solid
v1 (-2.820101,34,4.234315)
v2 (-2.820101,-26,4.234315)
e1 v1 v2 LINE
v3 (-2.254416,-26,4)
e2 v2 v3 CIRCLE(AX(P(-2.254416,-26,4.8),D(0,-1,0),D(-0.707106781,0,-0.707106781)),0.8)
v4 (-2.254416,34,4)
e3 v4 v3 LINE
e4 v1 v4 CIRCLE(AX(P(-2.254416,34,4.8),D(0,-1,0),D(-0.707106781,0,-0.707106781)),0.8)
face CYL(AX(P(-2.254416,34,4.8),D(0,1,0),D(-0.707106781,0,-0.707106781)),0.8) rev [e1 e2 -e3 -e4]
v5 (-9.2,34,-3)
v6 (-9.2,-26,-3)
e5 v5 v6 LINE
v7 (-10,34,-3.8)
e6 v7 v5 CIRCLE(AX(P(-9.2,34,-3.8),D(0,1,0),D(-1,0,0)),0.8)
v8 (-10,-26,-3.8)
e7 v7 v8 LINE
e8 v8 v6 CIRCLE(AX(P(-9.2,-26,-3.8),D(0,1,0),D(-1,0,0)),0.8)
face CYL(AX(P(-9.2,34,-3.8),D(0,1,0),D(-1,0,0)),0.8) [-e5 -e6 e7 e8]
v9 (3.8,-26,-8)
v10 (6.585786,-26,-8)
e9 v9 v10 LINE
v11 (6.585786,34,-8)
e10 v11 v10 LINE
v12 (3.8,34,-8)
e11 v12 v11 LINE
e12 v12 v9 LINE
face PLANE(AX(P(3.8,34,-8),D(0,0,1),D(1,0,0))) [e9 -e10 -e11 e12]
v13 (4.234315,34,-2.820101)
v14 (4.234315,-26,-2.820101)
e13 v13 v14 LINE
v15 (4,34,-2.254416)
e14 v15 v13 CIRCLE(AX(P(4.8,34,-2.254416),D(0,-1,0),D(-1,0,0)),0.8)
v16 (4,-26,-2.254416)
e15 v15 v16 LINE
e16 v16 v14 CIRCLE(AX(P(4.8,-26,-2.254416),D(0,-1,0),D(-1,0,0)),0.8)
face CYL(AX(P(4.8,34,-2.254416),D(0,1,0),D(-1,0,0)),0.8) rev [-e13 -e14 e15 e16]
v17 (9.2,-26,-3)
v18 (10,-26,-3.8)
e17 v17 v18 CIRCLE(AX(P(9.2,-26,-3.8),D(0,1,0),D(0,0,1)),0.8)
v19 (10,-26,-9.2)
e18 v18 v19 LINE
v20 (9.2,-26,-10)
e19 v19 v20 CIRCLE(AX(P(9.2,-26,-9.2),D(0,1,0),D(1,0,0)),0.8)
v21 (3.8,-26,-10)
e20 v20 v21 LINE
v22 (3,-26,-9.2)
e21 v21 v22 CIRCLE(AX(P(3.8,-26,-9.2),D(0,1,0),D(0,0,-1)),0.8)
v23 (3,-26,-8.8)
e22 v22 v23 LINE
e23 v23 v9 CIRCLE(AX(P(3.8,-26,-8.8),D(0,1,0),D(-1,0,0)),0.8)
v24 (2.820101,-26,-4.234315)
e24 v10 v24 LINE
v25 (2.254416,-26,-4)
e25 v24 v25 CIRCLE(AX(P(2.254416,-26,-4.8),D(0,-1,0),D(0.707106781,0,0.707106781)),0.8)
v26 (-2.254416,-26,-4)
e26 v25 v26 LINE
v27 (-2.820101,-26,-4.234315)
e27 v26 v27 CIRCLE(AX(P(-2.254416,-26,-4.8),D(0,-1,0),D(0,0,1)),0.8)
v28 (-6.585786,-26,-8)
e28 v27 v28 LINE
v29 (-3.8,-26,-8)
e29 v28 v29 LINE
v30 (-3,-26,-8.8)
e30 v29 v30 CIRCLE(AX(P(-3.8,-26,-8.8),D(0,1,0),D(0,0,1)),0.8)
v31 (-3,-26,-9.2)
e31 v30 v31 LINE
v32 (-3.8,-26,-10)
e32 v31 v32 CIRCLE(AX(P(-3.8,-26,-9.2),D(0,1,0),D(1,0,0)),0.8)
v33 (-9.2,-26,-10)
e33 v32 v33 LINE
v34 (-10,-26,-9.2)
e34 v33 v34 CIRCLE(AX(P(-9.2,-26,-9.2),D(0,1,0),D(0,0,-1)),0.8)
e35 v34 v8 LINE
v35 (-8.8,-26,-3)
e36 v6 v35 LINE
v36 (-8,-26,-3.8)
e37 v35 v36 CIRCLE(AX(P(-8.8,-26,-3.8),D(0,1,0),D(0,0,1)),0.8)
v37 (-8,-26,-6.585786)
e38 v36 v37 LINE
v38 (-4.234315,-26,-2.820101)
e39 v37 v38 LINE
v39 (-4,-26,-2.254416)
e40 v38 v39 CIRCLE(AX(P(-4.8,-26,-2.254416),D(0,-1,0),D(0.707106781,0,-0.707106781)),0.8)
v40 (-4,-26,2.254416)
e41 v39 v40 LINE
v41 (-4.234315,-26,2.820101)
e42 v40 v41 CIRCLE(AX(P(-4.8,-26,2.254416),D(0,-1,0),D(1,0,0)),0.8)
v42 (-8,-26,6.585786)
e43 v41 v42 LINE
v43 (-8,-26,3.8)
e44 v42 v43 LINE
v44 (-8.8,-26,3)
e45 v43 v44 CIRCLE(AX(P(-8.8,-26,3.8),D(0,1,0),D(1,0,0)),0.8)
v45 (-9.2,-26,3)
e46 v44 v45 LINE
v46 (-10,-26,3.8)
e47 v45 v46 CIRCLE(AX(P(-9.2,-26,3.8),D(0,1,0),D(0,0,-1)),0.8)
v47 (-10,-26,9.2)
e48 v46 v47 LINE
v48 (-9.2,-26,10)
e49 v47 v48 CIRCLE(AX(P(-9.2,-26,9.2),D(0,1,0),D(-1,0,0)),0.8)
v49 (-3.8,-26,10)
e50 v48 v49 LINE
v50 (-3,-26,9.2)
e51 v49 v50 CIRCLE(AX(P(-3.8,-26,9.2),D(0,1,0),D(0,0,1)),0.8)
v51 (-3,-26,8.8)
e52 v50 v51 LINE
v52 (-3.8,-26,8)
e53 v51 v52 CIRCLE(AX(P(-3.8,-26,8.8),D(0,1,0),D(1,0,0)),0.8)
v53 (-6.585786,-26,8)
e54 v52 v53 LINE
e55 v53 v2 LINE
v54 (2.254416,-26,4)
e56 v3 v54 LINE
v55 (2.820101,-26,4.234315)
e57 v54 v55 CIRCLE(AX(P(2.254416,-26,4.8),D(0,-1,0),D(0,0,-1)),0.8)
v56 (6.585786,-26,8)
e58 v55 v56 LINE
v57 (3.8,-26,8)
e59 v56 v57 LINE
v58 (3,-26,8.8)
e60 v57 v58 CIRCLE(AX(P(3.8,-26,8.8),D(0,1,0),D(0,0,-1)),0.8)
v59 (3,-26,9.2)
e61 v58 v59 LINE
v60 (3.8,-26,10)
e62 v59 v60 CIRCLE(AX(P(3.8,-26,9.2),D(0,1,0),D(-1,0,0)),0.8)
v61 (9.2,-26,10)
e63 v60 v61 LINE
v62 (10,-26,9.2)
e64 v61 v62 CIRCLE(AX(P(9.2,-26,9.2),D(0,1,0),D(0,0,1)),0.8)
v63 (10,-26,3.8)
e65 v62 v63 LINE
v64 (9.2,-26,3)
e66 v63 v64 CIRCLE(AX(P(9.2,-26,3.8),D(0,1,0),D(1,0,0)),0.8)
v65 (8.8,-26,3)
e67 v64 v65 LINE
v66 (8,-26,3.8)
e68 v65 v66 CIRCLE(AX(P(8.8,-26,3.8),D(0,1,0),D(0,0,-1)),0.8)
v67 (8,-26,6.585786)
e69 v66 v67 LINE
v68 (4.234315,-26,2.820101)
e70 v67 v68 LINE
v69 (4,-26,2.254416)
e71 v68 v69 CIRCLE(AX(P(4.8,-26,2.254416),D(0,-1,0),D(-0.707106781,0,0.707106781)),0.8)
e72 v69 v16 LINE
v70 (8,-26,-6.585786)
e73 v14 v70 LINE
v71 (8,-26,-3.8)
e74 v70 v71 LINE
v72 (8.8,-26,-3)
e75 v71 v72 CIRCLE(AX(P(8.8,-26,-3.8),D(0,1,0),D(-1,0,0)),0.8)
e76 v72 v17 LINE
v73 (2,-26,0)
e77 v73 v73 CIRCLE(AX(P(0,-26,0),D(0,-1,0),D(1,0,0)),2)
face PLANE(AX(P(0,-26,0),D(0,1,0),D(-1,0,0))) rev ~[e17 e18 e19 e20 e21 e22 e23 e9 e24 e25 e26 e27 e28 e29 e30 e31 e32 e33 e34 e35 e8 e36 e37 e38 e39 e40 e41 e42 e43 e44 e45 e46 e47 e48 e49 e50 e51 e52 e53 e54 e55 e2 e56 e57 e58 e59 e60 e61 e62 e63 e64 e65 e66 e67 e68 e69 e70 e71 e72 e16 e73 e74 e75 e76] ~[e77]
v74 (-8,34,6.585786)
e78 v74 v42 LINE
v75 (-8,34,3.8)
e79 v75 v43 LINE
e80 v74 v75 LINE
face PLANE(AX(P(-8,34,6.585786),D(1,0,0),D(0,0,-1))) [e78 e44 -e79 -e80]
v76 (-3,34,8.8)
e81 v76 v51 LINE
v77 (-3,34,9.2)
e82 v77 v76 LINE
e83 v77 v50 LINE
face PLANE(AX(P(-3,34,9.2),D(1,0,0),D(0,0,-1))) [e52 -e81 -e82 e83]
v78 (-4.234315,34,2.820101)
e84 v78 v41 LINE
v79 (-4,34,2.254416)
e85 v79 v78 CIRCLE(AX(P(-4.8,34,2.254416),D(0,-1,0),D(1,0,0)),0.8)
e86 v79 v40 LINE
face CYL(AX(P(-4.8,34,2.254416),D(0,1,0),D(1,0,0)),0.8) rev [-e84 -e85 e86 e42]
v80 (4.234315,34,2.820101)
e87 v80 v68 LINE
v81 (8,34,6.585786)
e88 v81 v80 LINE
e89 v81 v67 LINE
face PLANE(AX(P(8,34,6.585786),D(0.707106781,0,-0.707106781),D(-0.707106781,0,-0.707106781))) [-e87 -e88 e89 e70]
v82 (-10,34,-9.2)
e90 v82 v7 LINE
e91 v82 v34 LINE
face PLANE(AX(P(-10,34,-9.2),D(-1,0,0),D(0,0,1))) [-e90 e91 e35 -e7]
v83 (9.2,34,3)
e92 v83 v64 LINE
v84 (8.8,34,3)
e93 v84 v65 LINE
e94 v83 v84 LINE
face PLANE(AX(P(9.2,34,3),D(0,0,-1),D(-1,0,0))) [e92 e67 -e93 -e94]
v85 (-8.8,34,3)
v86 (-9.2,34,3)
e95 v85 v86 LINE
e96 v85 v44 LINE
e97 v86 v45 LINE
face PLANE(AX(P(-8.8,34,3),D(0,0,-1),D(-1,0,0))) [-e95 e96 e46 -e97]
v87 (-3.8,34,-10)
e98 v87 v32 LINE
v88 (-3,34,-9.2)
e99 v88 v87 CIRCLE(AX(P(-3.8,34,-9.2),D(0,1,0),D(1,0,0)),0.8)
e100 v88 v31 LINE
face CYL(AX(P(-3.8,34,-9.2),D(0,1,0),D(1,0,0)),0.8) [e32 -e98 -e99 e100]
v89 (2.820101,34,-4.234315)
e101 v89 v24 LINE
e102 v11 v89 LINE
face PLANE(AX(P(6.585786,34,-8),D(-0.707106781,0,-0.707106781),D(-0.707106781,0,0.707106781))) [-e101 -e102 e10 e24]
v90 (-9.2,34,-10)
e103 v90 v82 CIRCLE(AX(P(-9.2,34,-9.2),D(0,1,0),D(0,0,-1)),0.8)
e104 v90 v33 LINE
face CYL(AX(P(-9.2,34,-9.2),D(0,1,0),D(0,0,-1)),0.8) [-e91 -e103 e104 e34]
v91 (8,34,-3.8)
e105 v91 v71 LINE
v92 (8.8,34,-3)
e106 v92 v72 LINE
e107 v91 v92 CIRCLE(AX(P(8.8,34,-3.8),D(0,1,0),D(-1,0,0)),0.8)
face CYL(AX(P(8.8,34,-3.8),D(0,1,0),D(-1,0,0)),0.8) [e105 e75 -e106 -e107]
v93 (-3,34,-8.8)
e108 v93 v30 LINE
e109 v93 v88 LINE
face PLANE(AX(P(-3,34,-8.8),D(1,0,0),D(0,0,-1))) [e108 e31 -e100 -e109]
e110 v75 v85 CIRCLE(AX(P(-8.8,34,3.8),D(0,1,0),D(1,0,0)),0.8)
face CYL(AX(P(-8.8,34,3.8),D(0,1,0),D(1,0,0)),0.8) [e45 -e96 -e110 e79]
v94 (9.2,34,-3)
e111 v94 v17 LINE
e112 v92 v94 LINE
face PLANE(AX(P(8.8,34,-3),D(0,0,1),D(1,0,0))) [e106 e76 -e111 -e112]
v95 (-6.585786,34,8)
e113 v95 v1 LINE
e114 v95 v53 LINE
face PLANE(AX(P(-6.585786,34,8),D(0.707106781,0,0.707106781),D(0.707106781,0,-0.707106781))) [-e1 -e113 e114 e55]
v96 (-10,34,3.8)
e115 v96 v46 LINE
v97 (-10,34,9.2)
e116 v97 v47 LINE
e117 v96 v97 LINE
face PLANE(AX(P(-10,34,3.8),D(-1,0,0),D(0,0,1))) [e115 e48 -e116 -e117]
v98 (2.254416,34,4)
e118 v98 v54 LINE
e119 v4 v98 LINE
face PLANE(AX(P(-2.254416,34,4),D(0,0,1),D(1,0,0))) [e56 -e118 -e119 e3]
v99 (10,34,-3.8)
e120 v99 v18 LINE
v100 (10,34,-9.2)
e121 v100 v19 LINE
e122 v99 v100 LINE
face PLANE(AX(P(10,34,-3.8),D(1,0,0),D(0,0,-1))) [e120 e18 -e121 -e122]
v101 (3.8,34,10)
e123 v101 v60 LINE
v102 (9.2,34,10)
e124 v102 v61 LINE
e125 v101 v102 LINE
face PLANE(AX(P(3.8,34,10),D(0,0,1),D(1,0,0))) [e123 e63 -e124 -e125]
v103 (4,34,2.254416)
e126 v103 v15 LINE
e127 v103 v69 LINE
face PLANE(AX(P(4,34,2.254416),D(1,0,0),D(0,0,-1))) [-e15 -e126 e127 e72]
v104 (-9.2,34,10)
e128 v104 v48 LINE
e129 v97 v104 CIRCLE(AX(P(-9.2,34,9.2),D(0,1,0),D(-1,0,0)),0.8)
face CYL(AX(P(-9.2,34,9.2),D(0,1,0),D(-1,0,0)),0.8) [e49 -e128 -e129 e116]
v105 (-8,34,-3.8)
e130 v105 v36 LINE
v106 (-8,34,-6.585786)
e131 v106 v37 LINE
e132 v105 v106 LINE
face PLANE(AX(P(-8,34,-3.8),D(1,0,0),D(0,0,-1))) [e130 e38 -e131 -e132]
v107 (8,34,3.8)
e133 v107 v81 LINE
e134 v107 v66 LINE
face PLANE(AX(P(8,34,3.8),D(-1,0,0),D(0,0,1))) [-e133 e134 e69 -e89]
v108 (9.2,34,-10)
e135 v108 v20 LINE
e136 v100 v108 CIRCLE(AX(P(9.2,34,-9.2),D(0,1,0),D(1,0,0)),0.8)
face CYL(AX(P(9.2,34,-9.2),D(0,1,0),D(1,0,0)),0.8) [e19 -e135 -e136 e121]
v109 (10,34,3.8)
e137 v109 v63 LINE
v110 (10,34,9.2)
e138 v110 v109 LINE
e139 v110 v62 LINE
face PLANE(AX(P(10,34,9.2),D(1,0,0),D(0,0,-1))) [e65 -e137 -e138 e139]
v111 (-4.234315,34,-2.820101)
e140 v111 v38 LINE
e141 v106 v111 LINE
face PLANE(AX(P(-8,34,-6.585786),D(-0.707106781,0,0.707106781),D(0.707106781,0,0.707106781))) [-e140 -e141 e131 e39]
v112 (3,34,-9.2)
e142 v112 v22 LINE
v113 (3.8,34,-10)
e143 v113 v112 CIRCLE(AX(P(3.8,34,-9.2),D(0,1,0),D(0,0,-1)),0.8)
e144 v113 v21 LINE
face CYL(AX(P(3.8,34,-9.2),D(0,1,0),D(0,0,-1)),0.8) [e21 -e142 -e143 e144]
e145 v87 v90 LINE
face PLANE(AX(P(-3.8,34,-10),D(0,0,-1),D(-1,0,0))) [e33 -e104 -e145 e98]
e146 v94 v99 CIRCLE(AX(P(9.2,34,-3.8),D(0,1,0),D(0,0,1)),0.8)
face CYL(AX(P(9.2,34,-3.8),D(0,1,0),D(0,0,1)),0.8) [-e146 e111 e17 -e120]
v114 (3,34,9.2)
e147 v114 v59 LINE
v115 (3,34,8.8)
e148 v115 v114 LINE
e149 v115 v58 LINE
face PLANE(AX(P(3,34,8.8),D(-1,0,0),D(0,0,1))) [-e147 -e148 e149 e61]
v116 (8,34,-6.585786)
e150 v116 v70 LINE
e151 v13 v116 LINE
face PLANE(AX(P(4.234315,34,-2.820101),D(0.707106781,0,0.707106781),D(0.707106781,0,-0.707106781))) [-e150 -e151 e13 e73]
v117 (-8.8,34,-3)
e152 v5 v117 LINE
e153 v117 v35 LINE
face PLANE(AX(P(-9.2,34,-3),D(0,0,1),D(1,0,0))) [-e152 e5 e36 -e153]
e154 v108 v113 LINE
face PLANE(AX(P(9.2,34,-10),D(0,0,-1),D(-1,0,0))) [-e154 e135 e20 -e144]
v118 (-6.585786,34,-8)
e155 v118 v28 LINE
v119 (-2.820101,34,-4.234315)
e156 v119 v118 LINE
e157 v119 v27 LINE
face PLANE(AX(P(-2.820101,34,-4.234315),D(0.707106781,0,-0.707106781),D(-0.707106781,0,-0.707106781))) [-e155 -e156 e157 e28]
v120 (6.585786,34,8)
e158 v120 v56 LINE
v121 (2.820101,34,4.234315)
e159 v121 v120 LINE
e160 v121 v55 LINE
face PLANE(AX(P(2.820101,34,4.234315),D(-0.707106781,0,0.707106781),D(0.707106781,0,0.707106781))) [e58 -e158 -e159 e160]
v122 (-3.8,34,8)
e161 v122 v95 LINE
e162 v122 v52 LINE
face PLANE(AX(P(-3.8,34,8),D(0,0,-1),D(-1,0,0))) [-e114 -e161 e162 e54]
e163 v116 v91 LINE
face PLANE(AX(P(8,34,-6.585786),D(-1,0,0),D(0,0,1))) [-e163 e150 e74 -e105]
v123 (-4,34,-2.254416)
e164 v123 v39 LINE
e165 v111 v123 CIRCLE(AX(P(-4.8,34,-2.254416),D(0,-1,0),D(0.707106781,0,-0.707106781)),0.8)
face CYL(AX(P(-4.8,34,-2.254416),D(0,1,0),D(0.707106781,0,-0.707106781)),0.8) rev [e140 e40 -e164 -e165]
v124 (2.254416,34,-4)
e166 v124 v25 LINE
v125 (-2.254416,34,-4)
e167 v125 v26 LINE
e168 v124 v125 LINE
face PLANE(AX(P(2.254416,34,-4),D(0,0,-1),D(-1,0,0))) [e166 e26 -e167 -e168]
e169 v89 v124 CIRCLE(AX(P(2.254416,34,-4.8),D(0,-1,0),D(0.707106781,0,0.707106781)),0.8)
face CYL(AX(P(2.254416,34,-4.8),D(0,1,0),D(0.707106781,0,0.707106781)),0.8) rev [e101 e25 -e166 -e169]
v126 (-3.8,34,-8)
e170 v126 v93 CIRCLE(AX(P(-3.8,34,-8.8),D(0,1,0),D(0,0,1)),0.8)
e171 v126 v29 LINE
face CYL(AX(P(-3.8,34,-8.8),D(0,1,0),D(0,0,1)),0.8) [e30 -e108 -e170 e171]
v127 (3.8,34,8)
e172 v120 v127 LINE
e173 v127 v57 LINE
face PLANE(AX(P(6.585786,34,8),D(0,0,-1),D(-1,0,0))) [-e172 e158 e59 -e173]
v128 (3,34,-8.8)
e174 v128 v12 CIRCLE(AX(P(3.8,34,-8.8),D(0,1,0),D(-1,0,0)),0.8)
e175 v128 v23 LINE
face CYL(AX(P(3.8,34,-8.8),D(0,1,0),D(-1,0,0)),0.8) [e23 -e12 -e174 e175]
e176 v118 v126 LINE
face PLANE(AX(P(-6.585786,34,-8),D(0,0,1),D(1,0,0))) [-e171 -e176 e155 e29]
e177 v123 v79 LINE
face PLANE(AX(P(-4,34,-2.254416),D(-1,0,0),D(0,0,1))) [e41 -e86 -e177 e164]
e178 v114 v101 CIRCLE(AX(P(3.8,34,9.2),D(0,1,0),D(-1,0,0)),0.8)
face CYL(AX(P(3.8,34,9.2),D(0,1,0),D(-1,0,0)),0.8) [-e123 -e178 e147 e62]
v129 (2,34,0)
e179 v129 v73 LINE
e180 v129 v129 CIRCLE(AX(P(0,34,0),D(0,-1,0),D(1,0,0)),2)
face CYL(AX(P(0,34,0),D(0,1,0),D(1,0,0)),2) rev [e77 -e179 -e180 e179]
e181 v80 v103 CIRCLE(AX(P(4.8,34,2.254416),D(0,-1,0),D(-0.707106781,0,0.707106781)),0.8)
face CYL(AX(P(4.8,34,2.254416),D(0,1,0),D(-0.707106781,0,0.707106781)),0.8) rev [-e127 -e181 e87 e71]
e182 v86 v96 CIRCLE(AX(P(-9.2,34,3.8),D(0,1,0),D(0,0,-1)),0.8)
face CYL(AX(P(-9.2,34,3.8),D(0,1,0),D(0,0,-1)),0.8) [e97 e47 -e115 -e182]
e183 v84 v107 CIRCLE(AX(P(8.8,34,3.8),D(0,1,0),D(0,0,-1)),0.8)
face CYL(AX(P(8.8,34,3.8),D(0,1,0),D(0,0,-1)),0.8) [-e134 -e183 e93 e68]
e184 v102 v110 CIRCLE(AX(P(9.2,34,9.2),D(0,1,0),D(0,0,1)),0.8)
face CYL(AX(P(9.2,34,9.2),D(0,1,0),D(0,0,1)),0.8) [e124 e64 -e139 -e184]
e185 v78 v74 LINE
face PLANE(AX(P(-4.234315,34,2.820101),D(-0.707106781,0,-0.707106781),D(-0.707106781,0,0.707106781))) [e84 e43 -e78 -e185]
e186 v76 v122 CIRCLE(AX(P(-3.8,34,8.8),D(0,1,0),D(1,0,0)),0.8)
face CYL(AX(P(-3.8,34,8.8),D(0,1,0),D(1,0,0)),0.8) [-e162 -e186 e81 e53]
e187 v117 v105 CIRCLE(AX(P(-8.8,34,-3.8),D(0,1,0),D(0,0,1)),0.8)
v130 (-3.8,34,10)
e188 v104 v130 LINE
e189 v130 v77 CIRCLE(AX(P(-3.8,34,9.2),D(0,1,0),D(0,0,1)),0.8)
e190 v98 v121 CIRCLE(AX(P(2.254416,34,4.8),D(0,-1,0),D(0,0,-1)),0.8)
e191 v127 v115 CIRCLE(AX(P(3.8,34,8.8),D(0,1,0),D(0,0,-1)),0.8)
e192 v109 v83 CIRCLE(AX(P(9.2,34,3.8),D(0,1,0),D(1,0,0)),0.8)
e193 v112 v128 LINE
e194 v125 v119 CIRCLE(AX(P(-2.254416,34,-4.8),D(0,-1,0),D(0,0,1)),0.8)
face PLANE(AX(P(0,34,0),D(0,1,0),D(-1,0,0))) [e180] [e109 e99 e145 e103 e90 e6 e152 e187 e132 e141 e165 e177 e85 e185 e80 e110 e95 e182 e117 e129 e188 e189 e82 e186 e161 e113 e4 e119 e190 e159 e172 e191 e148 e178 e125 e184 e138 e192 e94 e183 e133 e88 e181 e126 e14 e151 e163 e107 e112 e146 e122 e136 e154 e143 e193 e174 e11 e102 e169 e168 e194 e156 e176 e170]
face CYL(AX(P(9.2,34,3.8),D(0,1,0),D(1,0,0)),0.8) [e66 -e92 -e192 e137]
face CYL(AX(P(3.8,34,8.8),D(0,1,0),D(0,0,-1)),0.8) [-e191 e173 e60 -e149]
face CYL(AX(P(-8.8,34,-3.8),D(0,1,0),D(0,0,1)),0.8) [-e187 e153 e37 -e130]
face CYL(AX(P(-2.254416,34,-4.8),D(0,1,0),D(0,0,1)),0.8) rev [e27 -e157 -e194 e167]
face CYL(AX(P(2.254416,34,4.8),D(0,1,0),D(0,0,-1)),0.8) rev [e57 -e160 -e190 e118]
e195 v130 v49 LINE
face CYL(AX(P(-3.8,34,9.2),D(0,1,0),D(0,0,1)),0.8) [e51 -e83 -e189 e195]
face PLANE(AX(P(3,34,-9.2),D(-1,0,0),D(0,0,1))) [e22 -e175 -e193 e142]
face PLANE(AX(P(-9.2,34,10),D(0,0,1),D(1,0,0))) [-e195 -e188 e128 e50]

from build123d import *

# Parameters (mm, degrees)
SKETCH1_R           = 2
PROFILE_4X4_1_DEPTH = 60


with BuildPart() as part:
    # Sketch1 → Profile 4X4(1) (new body)
    with BuildSketch(Plane.XZ.offset(-34)):
        with BuildLine():
            Line((-3, 9.2), (-3, 8.8))
            ThreePointArc((-3, 8.8), (-3.234314575, 8.234314575), (-3.8, 8))
            Line((-3.8, 8), (-6.585786438, 8))
            Line((-6.585786438, 8), (-2.820101013, 4.234314575))
            ThreePointArc((-2.820101013, 4.234314575), (-2.560562334, 4.060896374), (-2.254415588, 4))
            Line((-2.254415588, 4), (2.254415588, 4))
            ThreePointArc((2.254415588, 4), (2.560562334, 4.060896374), (2.820101013, 4.234314575))
            Line((2.820101013, 4.234314575), (6.585786438, 8))
            Line((6.585786438, 8), (3.8, 8))
            ThreePointArc((3.8, 8), (3.234314575, 8.234314575), (3, 8.8))
            Line((3, 8.8), (3, 9.2))
            ThreePointArc((3, 9.2), (3.234314575, 9.765685425), (3.8, 10))
            Line((3.8, 10), (9.2, 10))
            ThreePointArc((9.2, 10), (9.765685425, 9.765685425), (10, 9.2))
            Line((10, 9.2), (10, 3.8))
            ThreePointArc((10, 3.8), (9.765685425, 3.234314575), (9.2, 3))
            Line((9.2, 3), (8.8, 3))
            ThreePointArc((8.8, 3), (8.234314575, 3.234314575), (8, 3.8))
            Line((8, 3.8), (8, 6.585786438))
            Line((8, 6.585786438), (4.234314575, 2.820101013))
            ThreePointArc((4.234314575, 2.820101013), (4.060896374, 2.560562334), (4, 2.254415588))
            Line((4, 2.254415588), (4, -2.254415588))
            ThreePointArc((4, -2.254415588), (4.060896374, -2.560562334), (4.234314575, -2.820101013))
            Line((4.234314575, -2.820101013), (8, -6.585786438))
            Line((8, -6.585786438), (8, -3.8))
            ThreePointArc((8, -3.8), (8.234314575, -3.234314575), (8.8, -3))
            Line((8.8, -3), (9.2, -3))
            ThreePointArc((9.2, -3), (9.765685425, -3.234314575), (10, -3.8))
            Line((10, -3.8), (10, -9.2))
            ThreePointArc((10, -9.2), (9.765685425, -9.765685425), (9.2, -10))
            Line((9.2, -10), (3.8, -10))
            ThreePointArc((3.8, -10), (3.234314575, -9.765685425), (3, -9.2))
            Line((3, -9.2), (3, -8.8))
            ThreePointArc((3, -8.8), (3.234314575, -8.234314575), (3.8, -8))
            Line((3.8, -8), (6.585786438, -8))
            Line((6.585786438, -8), (2.820101013, -4.234314575))
            ThreePointArc((2.820101013, -4.234314575), (2.560562334, -4.060896374), (2.254415588, -4))
            Line((2.254415588, -4), (-2.254415588, -4))
            ThreePointArc((-2.254415588, -4), (-2.560562334, -4.060896374), (-2.820101013, -4.234314575))
            Line((-2.820101013, -4.234314575), (-6.585786438, -8))
            Line((-6.585786438, -8), (-3.8, -8))
            ThreePointArc((-3.8, -8), (-3.234314575, -8.234314575), (-3, -8.8))
            Line((-3, -8.8), (-3, -9.2))
            ThreePointArc((-3, -9.2), (-3.234314575, -9.765685425), (-3.8, -10))
            Line((-3.8, -10), (-9.2, -10))
            ThreePointArc((-9.2, -10), (-9.765685425, -9.765685425), (-10, -9.2))
            Line((-10, -9.2), (-10, -3.8))
            ThreePointArc((-10, -3.8), (-9.765685425, -3.234314575), (-9.2, -3))
            Line((-9.2, -3), (-8.8, -3))
            ThreePointArc((-8.8, -3), (-8.234314575, -3.234314575), (-8, -3.8))
            Line((-8, -3.8), (-8, -6.585786438))
            Line((-8, -6.585786438), (-4.234314575, -2.820101013))
            ThreePointArc((-4.234314575, -2.820101013), (-4.060896374, -2.560562334), (-4, -2.254415588))
            Line((-4, -2.254415588), (-4, 2.254415588))
            ThreePointArc((-4, 2.254415588), (-4.060896374, 2.560562334), (-4.234314575, 2.820101013))
            Line((-4.234314575, 2.820101013), (-8, 6.585786438))
            Line((-8, 6.585786438), (-8, 3.8))
            ThreePointArc((-8, 3.8), (-8.234314575, 3.234314575), (-8.8, 3))
            Line((-8.8, 3), (-9.2, 3))
            ThreePointArc((-9.2, 3), (-9.765685425, 3.234314575), (-10, 3.8))
            Line((-10, 3.8), (-10, 9.2))
            ThreePointArc((-10, 9.2), (-9.765685425, 9.765685425), (-9.2, 10))
            Line((-9.2, 10), (-3.8, 10))
            ThreePointArc((-3.8, 10), (-3.234314575, 9.765685425), (-3, 9.2))
        make_face()
        Circle(SKETCH1_R, mode=Mode.SUBTRACT)
    extrude(amount=PROFILE_4X4_1_DEPTH)


solid = part.part
